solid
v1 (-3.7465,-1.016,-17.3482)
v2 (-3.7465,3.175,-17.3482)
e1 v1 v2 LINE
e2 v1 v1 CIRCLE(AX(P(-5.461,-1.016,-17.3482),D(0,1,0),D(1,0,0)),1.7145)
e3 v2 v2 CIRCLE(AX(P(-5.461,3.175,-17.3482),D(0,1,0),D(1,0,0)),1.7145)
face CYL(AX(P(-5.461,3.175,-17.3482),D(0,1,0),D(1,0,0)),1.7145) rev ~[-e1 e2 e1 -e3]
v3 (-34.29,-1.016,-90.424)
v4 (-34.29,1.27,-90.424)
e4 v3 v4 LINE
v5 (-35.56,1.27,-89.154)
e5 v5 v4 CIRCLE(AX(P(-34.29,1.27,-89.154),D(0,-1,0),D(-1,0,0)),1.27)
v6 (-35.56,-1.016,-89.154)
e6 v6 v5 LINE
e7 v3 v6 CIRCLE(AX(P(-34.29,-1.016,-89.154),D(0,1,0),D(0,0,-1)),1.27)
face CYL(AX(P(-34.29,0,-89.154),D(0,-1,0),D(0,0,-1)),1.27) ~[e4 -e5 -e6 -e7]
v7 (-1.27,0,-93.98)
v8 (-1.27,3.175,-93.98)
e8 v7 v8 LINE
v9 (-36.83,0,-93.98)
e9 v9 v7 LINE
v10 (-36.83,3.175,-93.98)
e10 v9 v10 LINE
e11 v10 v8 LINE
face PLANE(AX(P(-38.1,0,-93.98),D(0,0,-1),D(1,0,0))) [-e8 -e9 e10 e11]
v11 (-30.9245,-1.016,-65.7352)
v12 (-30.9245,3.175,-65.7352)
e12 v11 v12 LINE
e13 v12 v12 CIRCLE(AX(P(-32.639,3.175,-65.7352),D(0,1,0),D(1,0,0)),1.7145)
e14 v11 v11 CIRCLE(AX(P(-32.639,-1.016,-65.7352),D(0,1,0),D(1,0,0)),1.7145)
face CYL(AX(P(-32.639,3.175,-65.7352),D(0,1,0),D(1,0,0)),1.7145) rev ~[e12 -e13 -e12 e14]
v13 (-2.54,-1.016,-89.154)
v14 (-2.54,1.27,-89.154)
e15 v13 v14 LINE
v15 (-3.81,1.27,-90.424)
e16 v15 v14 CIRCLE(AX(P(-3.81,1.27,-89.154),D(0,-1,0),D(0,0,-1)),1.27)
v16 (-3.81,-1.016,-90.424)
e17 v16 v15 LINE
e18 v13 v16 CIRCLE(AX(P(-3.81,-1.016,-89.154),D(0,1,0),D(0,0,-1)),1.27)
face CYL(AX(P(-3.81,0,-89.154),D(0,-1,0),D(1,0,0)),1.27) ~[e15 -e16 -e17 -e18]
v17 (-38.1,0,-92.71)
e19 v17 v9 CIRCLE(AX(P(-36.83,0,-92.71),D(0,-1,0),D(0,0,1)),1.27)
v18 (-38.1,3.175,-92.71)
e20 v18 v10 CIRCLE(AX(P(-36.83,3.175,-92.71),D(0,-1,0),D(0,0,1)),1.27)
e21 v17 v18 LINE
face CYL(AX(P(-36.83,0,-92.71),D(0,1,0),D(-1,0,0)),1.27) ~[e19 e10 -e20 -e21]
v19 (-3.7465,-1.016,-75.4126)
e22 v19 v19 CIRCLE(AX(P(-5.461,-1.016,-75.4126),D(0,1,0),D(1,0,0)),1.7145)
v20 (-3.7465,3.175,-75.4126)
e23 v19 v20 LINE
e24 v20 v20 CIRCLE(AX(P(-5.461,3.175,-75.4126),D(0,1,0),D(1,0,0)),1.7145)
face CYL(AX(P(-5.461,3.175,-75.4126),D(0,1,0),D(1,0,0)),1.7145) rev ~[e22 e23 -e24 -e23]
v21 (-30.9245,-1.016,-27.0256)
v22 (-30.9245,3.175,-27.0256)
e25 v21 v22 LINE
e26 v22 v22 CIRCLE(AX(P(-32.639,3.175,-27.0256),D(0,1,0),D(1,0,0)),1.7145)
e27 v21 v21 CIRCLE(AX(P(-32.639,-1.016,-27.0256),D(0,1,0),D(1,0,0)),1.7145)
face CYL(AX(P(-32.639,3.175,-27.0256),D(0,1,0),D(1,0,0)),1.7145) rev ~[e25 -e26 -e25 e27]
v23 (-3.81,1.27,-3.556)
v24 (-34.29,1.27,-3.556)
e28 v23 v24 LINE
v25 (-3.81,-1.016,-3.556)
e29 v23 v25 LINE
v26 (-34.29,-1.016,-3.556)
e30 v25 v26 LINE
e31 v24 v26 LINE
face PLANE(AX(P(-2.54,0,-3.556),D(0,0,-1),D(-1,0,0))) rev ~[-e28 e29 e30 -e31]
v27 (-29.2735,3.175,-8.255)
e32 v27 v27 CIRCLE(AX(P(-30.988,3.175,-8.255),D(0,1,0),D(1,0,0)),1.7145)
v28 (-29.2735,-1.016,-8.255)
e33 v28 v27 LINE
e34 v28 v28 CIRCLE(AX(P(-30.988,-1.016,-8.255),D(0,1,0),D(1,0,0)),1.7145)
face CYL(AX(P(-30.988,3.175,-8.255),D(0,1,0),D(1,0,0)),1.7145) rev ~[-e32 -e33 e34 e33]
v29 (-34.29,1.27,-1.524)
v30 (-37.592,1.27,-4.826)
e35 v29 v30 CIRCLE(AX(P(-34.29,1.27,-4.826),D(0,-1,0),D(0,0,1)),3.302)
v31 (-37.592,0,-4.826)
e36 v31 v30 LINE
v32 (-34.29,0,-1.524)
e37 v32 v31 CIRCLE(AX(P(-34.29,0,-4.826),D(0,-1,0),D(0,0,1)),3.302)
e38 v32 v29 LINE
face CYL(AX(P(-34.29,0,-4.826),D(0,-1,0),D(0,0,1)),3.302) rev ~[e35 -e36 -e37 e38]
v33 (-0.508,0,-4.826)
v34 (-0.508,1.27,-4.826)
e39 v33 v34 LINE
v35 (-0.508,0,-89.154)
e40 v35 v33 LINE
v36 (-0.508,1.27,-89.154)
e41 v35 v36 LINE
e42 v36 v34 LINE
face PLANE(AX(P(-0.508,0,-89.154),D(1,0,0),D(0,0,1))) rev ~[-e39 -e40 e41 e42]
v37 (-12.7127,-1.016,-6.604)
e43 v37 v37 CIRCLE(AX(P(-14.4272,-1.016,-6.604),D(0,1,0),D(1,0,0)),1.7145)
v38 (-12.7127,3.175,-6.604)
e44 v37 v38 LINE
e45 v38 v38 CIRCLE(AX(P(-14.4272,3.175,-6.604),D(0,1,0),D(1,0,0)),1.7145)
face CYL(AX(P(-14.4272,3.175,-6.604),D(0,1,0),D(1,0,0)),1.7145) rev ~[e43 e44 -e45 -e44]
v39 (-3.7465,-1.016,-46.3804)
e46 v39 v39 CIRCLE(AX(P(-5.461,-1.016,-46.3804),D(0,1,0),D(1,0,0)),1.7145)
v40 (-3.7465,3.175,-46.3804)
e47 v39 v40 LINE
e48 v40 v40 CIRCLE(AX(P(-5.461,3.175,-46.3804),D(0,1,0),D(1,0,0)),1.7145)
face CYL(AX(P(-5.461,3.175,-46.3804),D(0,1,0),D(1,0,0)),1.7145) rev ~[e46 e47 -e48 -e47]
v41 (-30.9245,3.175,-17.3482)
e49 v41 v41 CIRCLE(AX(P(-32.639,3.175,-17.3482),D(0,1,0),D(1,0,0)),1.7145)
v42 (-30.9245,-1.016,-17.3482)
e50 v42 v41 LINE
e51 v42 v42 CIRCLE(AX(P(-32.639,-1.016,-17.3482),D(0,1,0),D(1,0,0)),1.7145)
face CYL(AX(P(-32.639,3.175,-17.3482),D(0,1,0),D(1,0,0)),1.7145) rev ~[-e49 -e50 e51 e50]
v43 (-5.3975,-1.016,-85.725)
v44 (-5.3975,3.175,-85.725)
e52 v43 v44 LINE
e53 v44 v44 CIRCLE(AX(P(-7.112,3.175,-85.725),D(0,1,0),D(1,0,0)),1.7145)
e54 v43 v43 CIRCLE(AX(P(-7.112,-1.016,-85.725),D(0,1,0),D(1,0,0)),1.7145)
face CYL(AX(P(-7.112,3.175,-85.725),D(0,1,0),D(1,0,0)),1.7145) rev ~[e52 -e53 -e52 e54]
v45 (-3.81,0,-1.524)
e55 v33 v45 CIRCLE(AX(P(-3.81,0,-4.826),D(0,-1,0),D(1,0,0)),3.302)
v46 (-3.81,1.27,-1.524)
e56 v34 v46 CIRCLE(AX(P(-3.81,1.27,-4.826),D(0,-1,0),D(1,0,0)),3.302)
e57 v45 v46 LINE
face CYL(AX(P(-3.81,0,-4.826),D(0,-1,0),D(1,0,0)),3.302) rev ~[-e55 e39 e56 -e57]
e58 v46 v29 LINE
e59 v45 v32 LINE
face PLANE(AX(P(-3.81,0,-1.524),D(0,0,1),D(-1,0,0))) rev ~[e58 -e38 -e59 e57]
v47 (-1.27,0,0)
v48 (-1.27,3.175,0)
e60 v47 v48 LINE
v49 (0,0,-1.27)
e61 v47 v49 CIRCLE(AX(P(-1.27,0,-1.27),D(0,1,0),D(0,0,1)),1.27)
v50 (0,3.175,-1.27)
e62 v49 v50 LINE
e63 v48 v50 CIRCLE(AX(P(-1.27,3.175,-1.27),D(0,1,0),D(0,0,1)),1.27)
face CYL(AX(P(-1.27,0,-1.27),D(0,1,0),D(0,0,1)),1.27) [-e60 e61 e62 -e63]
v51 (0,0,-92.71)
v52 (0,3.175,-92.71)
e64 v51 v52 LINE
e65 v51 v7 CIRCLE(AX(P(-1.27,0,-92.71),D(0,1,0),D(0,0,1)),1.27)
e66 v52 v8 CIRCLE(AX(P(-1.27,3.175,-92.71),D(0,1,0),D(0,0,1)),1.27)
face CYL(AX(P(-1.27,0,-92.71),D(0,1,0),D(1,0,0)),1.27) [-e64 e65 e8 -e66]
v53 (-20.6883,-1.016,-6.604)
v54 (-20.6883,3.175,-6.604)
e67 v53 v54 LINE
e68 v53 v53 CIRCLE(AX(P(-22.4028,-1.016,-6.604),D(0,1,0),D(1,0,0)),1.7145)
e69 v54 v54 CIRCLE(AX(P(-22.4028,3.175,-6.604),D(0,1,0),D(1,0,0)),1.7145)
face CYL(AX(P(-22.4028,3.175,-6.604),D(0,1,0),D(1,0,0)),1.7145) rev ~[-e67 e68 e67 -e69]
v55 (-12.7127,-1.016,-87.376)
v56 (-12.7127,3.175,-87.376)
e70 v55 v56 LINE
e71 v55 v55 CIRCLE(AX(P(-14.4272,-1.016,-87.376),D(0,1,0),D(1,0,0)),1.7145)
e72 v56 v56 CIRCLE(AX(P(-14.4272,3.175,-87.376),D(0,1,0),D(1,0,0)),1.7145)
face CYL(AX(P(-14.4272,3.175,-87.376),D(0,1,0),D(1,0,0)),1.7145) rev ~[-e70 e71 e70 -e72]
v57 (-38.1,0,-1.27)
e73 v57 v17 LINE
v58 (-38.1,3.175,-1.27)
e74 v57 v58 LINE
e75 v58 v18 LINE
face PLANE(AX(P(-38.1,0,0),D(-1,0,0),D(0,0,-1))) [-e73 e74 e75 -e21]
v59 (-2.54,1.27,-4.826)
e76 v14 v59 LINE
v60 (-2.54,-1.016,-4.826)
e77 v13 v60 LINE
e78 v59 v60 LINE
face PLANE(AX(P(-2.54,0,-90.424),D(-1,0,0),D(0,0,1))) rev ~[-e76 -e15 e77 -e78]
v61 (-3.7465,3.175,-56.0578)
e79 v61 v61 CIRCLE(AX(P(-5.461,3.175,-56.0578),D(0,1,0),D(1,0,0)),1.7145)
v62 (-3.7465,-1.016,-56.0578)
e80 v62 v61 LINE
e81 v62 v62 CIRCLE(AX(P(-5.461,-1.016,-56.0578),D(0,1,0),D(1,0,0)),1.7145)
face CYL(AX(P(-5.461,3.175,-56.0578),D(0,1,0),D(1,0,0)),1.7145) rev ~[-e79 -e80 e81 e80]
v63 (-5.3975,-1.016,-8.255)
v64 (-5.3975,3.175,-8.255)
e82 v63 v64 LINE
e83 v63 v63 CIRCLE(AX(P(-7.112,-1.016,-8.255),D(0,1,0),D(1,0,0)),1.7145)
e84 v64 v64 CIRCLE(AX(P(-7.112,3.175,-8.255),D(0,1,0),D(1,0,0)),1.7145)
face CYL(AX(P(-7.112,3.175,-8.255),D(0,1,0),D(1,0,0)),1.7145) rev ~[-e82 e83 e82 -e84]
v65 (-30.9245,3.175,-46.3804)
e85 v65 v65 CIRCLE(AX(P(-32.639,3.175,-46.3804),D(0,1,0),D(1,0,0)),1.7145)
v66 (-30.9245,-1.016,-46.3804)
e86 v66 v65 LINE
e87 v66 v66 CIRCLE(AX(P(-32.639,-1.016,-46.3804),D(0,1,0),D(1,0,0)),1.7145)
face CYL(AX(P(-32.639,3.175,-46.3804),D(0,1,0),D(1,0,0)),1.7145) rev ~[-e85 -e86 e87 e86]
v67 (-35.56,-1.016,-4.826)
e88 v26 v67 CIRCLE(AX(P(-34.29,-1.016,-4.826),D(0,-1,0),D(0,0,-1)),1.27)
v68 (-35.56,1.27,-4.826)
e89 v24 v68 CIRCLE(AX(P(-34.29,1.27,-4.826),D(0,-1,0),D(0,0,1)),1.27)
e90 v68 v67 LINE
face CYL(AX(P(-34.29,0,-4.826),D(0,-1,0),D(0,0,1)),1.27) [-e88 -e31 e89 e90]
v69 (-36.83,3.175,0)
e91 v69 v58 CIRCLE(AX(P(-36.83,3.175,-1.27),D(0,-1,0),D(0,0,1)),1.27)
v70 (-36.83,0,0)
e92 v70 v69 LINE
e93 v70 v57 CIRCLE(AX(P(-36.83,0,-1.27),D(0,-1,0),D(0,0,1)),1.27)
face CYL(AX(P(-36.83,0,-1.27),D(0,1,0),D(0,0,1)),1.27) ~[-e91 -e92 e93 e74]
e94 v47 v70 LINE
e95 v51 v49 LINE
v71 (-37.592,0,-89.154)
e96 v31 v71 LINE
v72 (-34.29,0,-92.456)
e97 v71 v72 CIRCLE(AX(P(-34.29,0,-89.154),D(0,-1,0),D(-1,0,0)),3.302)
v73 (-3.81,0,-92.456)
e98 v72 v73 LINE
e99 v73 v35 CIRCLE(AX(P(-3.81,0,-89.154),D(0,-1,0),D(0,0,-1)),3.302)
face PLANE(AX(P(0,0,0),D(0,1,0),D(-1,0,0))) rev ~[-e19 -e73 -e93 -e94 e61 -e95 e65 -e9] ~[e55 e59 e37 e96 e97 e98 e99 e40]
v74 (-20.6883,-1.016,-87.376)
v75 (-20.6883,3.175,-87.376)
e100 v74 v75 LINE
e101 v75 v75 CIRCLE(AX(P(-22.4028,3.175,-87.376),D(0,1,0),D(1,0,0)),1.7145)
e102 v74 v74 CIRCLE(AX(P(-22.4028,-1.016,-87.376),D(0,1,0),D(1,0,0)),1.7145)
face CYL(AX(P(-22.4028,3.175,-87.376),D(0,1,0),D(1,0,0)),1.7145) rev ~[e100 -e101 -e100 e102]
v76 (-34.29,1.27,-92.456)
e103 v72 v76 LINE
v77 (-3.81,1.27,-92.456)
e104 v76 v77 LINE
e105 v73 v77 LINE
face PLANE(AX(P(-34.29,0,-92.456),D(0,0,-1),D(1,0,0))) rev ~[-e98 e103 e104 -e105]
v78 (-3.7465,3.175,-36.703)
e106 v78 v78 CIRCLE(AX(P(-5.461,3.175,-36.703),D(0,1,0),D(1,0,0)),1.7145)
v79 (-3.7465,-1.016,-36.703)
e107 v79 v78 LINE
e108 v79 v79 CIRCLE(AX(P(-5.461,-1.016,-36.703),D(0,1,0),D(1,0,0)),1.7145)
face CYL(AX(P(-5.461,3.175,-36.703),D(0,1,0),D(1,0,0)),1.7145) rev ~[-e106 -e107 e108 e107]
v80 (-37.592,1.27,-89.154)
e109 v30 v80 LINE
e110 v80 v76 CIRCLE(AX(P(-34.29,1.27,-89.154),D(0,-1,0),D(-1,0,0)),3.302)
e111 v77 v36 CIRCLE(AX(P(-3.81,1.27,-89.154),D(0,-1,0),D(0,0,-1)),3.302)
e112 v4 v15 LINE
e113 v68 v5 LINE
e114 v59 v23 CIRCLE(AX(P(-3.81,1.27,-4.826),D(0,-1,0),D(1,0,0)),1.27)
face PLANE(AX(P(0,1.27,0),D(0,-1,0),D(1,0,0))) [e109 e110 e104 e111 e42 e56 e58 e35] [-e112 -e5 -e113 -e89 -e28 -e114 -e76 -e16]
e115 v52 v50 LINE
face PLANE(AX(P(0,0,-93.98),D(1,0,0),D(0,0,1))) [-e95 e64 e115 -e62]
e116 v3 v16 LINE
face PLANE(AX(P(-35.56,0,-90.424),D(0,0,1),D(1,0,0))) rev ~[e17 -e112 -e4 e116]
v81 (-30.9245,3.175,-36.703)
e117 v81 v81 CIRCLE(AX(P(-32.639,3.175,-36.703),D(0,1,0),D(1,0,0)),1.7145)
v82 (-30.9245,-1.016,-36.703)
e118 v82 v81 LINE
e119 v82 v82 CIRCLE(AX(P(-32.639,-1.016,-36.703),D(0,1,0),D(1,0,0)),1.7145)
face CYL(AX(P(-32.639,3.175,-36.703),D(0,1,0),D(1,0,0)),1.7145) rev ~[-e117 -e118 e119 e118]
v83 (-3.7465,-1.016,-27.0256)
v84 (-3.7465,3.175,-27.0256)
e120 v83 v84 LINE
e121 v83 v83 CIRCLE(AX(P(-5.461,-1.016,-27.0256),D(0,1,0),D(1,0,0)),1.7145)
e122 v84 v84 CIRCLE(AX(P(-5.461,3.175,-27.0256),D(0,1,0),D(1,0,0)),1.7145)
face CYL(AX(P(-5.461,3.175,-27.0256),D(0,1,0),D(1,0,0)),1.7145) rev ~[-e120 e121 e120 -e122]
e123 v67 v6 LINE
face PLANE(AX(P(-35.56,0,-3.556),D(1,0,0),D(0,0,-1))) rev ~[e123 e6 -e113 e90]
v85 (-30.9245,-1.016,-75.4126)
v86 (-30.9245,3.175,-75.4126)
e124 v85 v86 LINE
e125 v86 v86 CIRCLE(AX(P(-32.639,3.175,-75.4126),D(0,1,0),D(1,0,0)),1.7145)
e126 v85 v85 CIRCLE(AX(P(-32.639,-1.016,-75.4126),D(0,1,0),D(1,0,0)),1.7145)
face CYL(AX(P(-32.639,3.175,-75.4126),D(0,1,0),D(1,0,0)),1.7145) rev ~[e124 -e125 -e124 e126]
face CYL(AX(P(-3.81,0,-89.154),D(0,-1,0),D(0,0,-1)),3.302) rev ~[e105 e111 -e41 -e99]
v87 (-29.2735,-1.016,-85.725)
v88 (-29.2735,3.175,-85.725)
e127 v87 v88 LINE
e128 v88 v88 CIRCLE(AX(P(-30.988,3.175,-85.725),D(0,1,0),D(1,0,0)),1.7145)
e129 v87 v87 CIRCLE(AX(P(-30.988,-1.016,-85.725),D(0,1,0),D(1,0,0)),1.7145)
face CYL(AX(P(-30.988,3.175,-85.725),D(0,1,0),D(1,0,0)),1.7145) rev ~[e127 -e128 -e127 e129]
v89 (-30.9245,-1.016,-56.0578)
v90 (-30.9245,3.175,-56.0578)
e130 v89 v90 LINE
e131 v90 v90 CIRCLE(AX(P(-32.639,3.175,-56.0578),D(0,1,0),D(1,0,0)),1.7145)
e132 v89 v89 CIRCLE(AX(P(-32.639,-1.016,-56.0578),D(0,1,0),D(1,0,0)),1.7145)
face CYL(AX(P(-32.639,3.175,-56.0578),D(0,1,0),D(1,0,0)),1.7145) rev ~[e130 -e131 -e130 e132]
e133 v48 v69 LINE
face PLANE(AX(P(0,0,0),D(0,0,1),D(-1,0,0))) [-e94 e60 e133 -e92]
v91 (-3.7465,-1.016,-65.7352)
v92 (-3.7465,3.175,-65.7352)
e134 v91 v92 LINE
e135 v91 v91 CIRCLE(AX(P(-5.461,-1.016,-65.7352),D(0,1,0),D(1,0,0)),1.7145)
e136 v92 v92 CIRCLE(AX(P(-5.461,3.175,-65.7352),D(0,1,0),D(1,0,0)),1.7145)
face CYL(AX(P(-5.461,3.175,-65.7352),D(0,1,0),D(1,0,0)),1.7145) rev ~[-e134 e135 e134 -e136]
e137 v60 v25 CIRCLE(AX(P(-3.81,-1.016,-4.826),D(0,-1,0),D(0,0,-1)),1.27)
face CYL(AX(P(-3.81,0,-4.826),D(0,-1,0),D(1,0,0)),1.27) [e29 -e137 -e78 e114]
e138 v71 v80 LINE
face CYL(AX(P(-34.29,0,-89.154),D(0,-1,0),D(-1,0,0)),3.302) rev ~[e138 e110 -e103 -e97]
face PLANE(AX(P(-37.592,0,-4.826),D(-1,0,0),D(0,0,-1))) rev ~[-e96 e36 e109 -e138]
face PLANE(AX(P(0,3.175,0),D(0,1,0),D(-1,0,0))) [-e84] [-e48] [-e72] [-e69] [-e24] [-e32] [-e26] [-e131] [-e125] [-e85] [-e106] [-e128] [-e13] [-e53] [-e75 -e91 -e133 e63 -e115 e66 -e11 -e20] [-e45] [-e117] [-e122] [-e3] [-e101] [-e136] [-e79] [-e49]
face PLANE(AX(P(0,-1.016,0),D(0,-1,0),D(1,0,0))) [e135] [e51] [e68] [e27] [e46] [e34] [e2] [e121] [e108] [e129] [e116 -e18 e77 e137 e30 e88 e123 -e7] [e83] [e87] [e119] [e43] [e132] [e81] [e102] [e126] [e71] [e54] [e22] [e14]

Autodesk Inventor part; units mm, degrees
ref_plane "YZ Plane" through (0, 0, 0) normal (1, 0, 0) x (0, 1, 0)
ref_plane "XZ Plane" through (0, 0, 0) normal (0, 1, 0) x (-1, 0, 0)
ref_plane "XY Plane" through (0, 0, 0) normal (0, 0, 1) x (1, 0, 0)
sketch "Sketch1" plane through (0, 0, 0) normal (0, 1, 0) x (-1, 0, 0)
  line L0 (0, 0) -> (38.1, 0)
  line L1 (38.1, 0) -> (38.1, -93.98)
  line L2 (38.1, -93.98) -> (0, -93.98)
  line L3 (0, -93.98) -> (0, 0)
  dimension "d0" = 93.98
  dimension "d1" = 38.1
extrude "Extrusion1" add sketch "Sketch1" along normal blind 3.175
sketch "Sketch2" plane through (0, 3.175, 0) normal (0, 1, 0) x (1, 0, 0)
  circle A0 centre (-7.112, 8.255) radius 1.7145
  line L0 (-38.1, 0) -> (0, 0) projected
  line L1 (0, 0) -> (0, 93.98) projected
  circle A1 centre (-30.988, 8.255) radius 1.7145
  circle A2 centre (-7.112, 85.725) radius 1.7145
  circle A3 centre (-30.988, 85.725) radius 1.7145
  circle A4 centre (-14.4272, 6.604) radius 1.7145
  circle A5 centre (-22.4028, 6.604) radius 1.7145
  circle A6 centre (-14.4272, 87.376) radius 1.7145
  circle A7 centre (-22.4028, 87.376) radius 1.7145
  circle A8 centre (-5.461, 17.3482) radius 1.7145
  circle A9 centre (-5.461, 27.0256) radius 1.7145
  circle A10 centre (-5.461, 36.703) radius 1.7145
  circle A11 centre (-5.461, 46.3804) radius 1.7145
  circle A12 centre (-5.461, 56.0578) radius 1.7145
  circle A13 centre (-5.461, 65.7352) radius 1.7145
  circle A14 centre (-5.461, 75.4126) radius 1.7145
  circle A15 centre (-32.639, 17.3482) radius 1.7145
  circle A16 centre (-32.639, 27.0256) radius 1.7145
  circle A17 centre (-32.639, 36.703) radius 1.7145
  circle A18 centre (-32.639, 46.3804) radius 1.7145
  circle A19 centre (-32.639, 56.0578) radius 1.7145
  circle A20 centre (-32.639, 65.7352) radius 1.7145
  circle A21 centre (-32.639, 75.4126) radius 1.7145
  dimension "d4" = 3.429
  dimension "d5" = 8.255
  dimension "d6" = 7.112
  dimension "d9" = 23.876
  dimension "d12" = 77.47
  dimension "d15" = 14.4272
  dimension "d16" = 6.604
  dimension "d19" = 7.9756
  dimension "d22" = 80.772
  dimension "d25" = 5.461
  dimension "d26" = 17.3482
  dimension "d29" = 9.6774
  dimension "d32" = 27.178
extrude "Extrusion2" cut sketch "Sketch2" against normal through all
sketch "Sketch3" plane through (0, 0, 0) normal (0, -1, 0) x (1, 0, 0)
  line L0 (-2.54, -3.556) -> (-35.56, -3.556)
  line L1 (-35.56, -3.556) -> (-35.56, -90.424)
  line L2 (-35.56, -90.424) -> (-2.54, -90.424)
  line L3 (-2.54, -90.424) -> (-2.54, -3.556)
  circle A0 centre (-14.4272, -87.376) radius 1.7145 construction
  circle A1 centre (-5.461, -75.4126) radius 1.7145 construction
  line L4 (-38.1, -93.98) -> (0, -93.98) construction
  circle A2 centre (-14.4272, -6.604) radius 1.7145 construction
  point P0 (0, 0)
  point P1 (-19.05, -90.424)
  point P2 (-19.05, -93.98)
  dimension "d37" = 33.02
  dimension "d38" = 3.048
  dimension "d39" = 3.048
extrude "Extrusion3" add sketch "Sketch3" along normal blind 1.016
fillet "Fillet1" radius 1.27 4 edges at (-35.56, -0.508, -3.556) (-35.56, -0.508, -90.424) (-2.54, -0.508, -90.424) (-2.54, -0.508, -3.556)
sketch "Sketch4" plane through (0, 0, 0) normal (0, -1, 0) x (1, 0, 0)
  arc A0 (-2.54, -4.826) -> (-3.81, -3.556) centre (-3.81, -4.826) ccw projected
  line L0 (-3.81, -3.556) -> (-34.29, -3.556) projected
  arc A1 (-34.29, -3.556) -> (-35.56, -4.826) centre (-34.29, -4.826) ccw projected
  line L1 (-35.56, -4.826) -> (-35.56, -89.154) projected
  arc A2 (-35.56, -89.154) -> (-34.29, -90.424) centre (-34.29, -89.154) ccw projected
  line L2 (-34.29, -90.424) -> (-3.81, -90.424) projected
  arc A3 (-3.81, -90.424) -> (-2.54, -89.154) centre (-3.81, -89.154) ccw projected
  line L3 (-2.54, -89.154) -> (-2.54, -4.826) projected
  arc A4 (-0.508, -4.826) -> (-3.81, -1.524) centre (-3.81, -4.826) ccw
  line L4 (-3.81, -1.524) -> (-34.29, -1.524)
  arc A5 (-34.29, -1.524) -> (-37.592, -4.826) centre (-34.29, -4.826) ccw
  line L5 (-37.592, -4.826) -> (-37.592, -89.154)
  arc A6 (-37.592, -89.154) -> (-34.29, -92.456) centre (-34.29, -89.154) ccw
  line L6 (-34.29, -92.456) -> (-3.81, -92.456)
  arc A7 (-3.81, -92.456) -> (-0.508, -89.154) centre (-3.81, -89.154) ccw
  line L7 (-0.508, -89.154) -> (-0.508, -4.826)
  point P0 (0, 0)
  dimension "d43" = 2.032
extrude "Extrusion4" cut sketch "Sketch4" against normal blind 1.27
fillet "Fillet2" radius 1.27 4 edges at (-38.1, 1.5875, -93.98) (0, 1.5875, -93.98) (-38.1, 1.5875, 0) (0, 1.5875, 0)
sketch "Sketch5" plane through (0, 3.175, 0) normal (0, 1, 0) x (1, 0, 0)
  arc A0 (-1.27, 0) -> (0, 1.27) centre (-1.27, 1.27) ccw projected
  line L0 (0, 1.27) -> (0, 92.71) projected
  arc A1 (0, 92.71) -> (-1.27, 93.98) centre (-1.27, 92.71) ccw projected
  line L1 (-1.27, 93.98) -> (-36.83, 93.98) projected
  arc A2 (-36.83, 93.98) -> (-38.1, 92.71) centre (-36.83, 92.71) ccw projected
  line L2 (-38.1, 92.71) -> (-38.1, 1.27) projected
  arc A3 (-38.1, 1.27) -> (-36.83, 0) centre (-36.83, 1.27) ccw projected
  line L3 (-36.83, 0) -> (-1.27, 0) projected
  circle A4 centre (-32.639, 65.7352) radius 1.7145 projected
  circle A5 centre (-32.639, 46.3804) radius 1.7145 projected
  circle A6 centre (-32.639, 27.0256) radius 1.7145 projected
  circle A7 centre (-5.461, 75.4126) radius 1.7145 projected
  circle A8 centre (-5.461, 56.0578) radius 1.7145 projected
  circle A9 centre (-5.461, 36.703) radius 1.7145 projected
  circle A10 centre (-5.461, 17.3482) radius 1.7145 projected
  circle A11 centre (-14.4272, 87.376) radius 1.7145 projected
  circle A12 centre (-14.4272, 6.604) radius 1.7145 projected
  circle A13 centre (-7.112, 85.725) radius 1.7145 projected
  circle A14 centre (-7.112, 8.255) radius 1.7145 projected
  circle A15 centre (-30.988, 8.255) radius 1.7145 projected
  circle A16 centre (-30.988, 85.725) radius 1.7145 projected
  circle A17 centre (-22.4028, 6.604) radius 1.7145 projected
  circle A18 centre (-22.4028, 87.376) radius 1.7145 projected
  circle A19 centre (-5.461, 27.0256) radius 1.7145 projected
  circle A20 centre (-5.461, 46.3804) radius 1.7145 projected
  circle A21 centre (-5.461, 65.7352) radius 1.7145 projected
  circle A22 centre (-32.639, 17.3482) radius 1.7145 projected
  circle A23 centre (-32.639, 36.703) radius 1.7145 projected
  circle A24 centre (-32.639, 56.0578) radius 1.7145 projected
  circle A25 centre (-32.639, 75.4126) radius 1.7145 projected
  point P0 (0, 0)
extrude "Extrusion5" cut sketch "Sketch5" against normal through all contours A4 | A5 | A6 | A7 | A8 | A9 | A10 | A11 | A12 | A13 | A14 | A15 | A16 | A17 | A18 | A19 | A20 | A21 | A22 | A23 | A24 | A25
equation "\"d39\" = d38"
properties part number "TopCover" material "ABS Plastic"
